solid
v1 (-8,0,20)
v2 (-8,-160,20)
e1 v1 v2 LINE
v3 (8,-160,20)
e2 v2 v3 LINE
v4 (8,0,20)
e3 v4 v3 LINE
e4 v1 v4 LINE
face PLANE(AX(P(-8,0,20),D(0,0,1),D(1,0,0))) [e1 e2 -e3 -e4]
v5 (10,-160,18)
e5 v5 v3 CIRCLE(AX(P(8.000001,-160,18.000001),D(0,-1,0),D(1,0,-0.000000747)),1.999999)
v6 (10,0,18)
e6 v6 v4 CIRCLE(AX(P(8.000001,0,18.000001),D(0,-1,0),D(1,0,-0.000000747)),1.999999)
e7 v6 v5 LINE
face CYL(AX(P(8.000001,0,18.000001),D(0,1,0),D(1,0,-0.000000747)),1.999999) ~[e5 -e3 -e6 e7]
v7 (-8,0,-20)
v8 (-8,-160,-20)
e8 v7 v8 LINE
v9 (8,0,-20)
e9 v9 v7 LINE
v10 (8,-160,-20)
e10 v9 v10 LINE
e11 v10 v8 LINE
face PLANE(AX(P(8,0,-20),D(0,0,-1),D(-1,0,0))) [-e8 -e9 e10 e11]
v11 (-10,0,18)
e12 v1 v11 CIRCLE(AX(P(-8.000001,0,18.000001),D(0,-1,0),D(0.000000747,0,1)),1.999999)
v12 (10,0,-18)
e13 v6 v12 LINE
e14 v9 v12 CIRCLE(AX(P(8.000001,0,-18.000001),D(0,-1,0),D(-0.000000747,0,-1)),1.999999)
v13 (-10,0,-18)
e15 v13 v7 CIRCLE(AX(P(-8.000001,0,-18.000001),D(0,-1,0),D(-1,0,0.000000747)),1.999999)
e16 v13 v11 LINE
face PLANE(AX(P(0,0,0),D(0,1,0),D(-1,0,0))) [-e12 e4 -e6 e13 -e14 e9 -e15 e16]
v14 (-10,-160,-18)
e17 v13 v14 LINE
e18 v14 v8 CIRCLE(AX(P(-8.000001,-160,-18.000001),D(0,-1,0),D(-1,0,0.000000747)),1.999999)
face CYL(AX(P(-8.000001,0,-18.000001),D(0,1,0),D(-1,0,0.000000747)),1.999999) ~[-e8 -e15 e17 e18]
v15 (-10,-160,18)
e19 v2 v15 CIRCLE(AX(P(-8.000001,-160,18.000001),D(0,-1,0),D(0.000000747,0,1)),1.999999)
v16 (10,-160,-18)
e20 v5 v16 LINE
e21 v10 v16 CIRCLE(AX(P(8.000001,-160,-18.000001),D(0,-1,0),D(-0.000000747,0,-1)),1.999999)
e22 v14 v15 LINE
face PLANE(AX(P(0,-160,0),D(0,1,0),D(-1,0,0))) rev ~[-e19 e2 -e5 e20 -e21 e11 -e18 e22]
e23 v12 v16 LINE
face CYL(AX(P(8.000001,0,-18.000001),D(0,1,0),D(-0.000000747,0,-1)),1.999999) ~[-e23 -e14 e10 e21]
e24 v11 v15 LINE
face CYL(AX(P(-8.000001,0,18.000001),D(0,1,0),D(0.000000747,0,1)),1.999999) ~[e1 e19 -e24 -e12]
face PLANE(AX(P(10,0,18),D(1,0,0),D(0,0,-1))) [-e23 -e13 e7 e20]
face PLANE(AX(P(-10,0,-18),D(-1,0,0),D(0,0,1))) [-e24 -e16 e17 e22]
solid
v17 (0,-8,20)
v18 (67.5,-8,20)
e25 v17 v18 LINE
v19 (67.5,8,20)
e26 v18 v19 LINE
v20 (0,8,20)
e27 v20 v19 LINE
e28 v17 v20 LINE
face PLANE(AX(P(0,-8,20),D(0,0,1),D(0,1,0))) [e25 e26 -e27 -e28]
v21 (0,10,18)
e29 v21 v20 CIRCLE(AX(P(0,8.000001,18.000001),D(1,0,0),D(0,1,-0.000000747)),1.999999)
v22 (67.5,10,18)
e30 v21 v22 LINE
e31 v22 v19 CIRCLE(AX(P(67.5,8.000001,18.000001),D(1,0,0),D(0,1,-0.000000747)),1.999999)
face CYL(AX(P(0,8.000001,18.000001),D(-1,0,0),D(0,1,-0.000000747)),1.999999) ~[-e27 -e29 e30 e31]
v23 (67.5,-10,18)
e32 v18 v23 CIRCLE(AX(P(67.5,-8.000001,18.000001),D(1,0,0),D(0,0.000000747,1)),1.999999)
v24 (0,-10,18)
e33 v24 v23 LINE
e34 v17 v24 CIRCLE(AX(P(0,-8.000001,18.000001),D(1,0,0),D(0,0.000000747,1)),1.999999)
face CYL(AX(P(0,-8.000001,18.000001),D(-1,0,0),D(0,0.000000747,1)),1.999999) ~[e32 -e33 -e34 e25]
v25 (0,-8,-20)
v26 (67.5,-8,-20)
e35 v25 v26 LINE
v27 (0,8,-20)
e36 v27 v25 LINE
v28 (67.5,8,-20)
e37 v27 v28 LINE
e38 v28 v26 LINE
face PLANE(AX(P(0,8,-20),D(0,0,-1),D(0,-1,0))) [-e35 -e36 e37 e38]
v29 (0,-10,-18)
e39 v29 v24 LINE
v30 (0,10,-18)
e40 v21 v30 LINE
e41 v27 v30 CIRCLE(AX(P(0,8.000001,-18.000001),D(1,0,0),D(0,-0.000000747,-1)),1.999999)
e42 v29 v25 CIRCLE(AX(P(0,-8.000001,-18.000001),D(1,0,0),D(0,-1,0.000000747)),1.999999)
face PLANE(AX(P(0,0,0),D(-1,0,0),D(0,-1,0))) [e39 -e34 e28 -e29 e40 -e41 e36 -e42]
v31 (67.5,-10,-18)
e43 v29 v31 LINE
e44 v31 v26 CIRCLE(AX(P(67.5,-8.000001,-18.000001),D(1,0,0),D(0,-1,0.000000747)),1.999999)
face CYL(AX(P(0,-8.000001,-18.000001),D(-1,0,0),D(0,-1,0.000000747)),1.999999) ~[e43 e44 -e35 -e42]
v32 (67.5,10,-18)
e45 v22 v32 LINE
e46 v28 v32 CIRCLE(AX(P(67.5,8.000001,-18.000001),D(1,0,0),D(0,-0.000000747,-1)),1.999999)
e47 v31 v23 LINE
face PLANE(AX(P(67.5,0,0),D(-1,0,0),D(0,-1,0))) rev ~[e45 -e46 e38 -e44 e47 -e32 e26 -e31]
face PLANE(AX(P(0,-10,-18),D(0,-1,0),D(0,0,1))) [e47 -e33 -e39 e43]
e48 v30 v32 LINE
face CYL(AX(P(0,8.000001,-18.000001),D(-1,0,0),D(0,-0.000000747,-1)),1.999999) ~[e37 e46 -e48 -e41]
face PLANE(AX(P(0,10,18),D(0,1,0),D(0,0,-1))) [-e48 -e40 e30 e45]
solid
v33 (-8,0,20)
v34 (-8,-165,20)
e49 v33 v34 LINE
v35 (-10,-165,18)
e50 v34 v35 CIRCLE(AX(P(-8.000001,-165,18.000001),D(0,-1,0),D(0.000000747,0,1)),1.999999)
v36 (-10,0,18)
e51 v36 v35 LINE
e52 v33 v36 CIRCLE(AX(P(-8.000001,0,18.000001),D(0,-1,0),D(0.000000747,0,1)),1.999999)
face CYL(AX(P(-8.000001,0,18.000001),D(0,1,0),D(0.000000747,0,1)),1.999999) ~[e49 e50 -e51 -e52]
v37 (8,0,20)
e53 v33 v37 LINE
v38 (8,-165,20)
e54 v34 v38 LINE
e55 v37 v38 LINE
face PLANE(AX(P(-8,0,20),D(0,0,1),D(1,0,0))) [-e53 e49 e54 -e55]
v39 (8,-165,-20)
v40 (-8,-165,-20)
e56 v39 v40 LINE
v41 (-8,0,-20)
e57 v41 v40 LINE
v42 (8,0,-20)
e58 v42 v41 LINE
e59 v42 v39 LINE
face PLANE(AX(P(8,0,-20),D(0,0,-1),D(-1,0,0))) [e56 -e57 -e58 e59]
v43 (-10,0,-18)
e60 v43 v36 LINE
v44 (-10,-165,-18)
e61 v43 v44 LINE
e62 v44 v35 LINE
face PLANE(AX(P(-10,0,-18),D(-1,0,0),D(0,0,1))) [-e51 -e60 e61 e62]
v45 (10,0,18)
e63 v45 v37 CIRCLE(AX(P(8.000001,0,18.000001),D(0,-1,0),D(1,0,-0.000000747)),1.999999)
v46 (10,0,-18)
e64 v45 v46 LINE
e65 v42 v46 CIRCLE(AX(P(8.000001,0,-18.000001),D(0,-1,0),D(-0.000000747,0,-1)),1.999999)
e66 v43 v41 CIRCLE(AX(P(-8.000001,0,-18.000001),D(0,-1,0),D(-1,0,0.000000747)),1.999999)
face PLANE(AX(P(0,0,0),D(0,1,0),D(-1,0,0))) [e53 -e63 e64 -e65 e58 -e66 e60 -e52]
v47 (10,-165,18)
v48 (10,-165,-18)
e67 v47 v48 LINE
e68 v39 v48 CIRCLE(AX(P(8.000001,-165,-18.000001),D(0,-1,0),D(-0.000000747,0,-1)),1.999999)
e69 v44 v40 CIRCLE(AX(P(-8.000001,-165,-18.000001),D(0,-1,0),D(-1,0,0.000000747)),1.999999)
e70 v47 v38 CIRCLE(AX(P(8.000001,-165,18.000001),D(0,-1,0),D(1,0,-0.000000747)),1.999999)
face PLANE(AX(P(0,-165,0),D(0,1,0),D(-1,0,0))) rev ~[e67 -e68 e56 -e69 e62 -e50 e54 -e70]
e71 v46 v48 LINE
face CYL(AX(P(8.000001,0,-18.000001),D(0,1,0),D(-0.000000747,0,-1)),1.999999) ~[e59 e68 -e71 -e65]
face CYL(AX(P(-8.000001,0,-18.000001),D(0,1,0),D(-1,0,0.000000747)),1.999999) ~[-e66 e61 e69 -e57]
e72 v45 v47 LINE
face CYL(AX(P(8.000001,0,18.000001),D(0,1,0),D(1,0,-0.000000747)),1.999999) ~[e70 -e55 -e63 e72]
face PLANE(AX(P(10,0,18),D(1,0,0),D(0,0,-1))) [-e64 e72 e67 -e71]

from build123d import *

# Parameters (mm, degrees)
PAD_DEPTH    = 67.5
PAD001_DEPTH = 165
PAD002_DEPTH = 160


with BuildPart() as frontbridgebody:
    # Sketch → Pad (new body)
    with BuildSketch(Plane.YZ):
        with BuildLine():
            Line((-8, 20), (8, 20))
            ThreePointArc((10, 18), (9.414214, 19.414214), (8, 20))
            Line((10, 18), (10, -18))
            ThreePointArc((8, -20), (9.414214, -19.414214), (10, -18))
            Line((8, -20), (-8, -20))
            ThreePointArc((-10, -18), (-9.414214, -19.414214), (-8, -20))
            Line((-10, -18), (-10, 18))
            ThreePointArc((-8, 20), (-9.414214, 19.414214), (-10, 18))
        make_face()
    extrude(amount=PAD_DEPTH)


with BuildPart() as body_bridge_side:
    # Sketch001 → Pad001 (new body)
    with BuildSketch(Plane.XZ):
        with BuildLine():
            Line((-8, 20), (8, 20))
            ThreePointArc((10, 18), (9.414214, 19.414214), (8, 20))
            Line((10, 18), (10, -18))
            ThreePointArc((8, -20), (9.414214, -19.414214), (10, -18))
            Line((8, -20), (-8, -20))
            ThreePointArc((-10, -18), (-9.414214, -19.414214), (-8, -20))
            Line((-10, -18), (-10, 18))
            ThreePointArc((-8, 20), (-9.414214, 19.414214), (-10, 18))
        make_face()
    extrude(amount=PAD001_DEPTH)


with BuildPart() as body_bridge_back:
    # Sketch002 → Pad002 (new body)
    with BuildSketch(Plane.XZ):
        with BuildLine():
            Line((-8, 20), (8, 20))
            ThreePointArc((10, 18), (9.414214, 19.414214), (8, 20))
            Line((10, 18), (10, -18))
            ThreePointArc((8, -20), (9.414214, -19.414214), (10, -18))
            Line((8, -20), (-8, -20))
            ThreePointArc((-10, -18), (-9.414214, -19.414214), (-8, -20))
            Line((-10, -18), (-10, 18))
            ThreePointArc((-8, 20), (-9.414214, 19.414214), (-10, 18))
        make_face()
    extrude(amount=PAD002_DEPTH)


solid = Compound([frontbridgebody.part, body_bridge_side.part, body_bridge_back.part])
